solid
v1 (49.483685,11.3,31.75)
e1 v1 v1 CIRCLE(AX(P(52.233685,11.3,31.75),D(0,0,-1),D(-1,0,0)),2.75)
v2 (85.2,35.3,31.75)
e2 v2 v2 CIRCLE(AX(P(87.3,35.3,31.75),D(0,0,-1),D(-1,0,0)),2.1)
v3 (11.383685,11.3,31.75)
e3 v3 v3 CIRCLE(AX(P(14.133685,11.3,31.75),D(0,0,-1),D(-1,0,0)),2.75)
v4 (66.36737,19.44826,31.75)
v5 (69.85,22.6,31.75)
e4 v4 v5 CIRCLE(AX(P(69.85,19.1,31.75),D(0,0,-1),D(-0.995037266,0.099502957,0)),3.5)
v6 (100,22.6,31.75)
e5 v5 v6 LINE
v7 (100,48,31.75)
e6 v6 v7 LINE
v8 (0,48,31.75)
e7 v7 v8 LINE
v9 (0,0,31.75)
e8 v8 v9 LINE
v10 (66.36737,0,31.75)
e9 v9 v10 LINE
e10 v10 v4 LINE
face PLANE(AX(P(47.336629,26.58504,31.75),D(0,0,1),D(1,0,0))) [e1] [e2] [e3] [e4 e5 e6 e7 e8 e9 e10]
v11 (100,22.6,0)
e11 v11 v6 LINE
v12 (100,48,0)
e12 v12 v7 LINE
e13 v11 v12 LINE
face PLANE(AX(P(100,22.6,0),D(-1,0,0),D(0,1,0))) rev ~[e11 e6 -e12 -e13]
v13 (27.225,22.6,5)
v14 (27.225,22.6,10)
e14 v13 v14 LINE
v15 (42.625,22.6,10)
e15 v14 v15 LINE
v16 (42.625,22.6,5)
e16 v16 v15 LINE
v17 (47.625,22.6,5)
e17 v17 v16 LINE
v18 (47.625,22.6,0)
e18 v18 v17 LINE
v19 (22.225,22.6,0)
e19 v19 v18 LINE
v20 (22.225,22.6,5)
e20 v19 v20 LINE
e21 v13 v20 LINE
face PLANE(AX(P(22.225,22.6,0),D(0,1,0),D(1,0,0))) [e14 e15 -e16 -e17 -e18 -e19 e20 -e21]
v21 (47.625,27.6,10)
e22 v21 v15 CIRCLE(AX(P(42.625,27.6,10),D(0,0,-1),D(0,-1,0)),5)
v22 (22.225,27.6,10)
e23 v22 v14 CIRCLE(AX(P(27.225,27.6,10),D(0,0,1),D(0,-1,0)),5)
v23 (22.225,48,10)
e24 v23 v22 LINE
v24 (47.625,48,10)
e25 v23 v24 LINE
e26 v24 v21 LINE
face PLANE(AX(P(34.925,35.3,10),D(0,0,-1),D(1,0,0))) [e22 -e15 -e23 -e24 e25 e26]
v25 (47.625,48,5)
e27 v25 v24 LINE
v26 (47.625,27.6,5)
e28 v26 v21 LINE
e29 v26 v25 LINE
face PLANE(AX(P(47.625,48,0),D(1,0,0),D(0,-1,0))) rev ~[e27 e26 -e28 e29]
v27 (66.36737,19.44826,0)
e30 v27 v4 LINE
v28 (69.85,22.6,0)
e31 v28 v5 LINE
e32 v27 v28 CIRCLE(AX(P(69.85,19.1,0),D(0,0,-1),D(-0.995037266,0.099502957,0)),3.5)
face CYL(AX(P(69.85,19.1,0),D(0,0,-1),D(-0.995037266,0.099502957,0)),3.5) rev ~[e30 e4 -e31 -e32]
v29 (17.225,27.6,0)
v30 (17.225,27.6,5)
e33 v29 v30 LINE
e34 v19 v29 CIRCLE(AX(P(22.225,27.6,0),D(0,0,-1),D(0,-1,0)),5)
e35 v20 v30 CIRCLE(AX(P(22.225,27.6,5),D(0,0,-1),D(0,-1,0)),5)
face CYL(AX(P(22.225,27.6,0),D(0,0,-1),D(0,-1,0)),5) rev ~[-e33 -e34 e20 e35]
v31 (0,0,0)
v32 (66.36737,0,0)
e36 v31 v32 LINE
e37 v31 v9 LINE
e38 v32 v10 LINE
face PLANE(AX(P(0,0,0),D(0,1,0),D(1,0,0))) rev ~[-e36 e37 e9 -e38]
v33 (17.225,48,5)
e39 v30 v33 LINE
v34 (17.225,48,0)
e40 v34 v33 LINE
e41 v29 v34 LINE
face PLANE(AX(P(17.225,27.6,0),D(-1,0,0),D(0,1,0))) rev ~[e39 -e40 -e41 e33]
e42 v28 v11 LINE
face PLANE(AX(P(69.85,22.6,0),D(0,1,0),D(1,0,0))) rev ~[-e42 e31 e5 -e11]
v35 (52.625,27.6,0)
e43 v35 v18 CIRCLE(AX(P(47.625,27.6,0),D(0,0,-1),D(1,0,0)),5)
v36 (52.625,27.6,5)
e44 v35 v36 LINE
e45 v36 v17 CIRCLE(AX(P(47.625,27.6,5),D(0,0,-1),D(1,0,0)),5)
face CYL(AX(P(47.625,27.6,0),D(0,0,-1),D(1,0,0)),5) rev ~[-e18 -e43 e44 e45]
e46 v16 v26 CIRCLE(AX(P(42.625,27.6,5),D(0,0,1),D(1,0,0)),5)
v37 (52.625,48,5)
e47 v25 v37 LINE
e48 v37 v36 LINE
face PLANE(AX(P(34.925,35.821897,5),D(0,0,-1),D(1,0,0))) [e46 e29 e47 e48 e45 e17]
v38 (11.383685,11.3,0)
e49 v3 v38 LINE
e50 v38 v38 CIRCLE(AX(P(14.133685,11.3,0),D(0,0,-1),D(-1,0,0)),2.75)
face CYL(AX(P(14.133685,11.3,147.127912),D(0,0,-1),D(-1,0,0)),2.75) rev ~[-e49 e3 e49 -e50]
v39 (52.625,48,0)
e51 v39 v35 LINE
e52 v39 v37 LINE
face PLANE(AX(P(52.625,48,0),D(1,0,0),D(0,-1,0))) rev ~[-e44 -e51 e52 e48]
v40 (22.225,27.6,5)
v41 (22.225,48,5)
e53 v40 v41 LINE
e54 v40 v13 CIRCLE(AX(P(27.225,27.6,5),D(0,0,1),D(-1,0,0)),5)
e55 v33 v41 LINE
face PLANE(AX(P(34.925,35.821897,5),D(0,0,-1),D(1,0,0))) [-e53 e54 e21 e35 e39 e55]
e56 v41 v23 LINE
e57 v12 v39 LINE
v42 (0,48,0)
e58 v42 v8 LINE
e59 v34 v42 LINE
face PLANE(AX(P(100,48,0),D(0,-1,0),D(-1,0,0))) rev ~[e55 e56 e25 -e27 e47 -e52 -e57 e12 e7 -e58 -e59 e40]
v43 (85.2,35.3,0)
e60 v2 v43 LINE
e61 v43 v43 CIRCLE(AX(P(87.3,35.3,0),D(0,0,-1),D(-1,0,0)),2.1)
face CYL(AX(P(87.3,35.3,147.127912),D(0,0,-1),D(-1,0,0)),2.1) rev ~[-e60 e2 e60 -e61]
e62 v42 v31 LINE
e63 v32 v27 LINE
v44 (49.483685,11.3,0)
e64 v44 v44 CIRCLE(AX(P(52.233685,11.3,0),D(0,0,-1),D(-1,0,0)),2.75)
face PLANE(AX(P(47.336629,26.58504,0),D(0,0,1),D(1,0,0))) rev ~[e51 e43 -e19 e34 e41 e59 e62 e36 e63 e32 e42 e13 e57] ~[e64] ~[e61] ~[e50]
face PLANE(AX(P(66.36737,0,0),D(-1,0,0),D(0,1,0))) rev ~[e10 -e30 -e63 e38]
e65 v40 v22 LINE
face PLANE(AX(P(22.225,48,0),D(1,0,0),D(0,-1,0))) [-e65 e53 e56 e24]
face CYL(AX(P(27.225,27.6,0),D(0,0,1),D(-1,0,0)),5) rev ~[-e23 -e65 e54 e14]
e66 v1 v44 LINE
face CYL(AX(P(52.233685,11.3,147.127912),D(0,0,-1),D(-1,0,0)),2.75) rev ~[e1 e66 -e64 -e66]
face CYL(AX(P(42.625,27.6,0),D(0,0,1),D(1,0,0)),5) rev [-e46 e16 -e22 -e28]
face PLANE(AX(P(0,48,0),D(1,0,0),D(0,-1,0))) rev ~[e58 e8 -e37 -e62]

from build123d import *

# Parameters (mm, degrees)
F1_DEPTH  = 31.75
F2_W      = 25.4
F2_H      = 25.4
F3_DEPTH  = 10
F4_R      = 5
F6_D      = 5.5
F8_D      = 4.2
F11_DEPTH = 5


with BuildPart() as f1:
    # F0 (on Top) → F1 (new body)
    with BuildSketch(Plane.XY):
        with BuildLine():
            Line((0, 48), (0, 0))
            Line((0, 0), (66.3673695676, 0))
            Line((66.3673695676, 0), (66.3673695676, 19.4482603496))
            ThreePointArc((66.3673695676, 19.4482603496), (67.5014803837, 21.6950829682), (69.85, 22.6))
            Line((69.85, 22.6), (100, 22.6))
            Line((100, 22.6), (100, 48))
            Line((100, 48), (0, 48))
        make_face()
    extrude(amount=F1_DEPTH)

    # F2 (on face) → F3 (cut)
    with BuildSketch(Plane(origin=(0, 0, 0), x_dir=(1, 0, 0), z_dir=(0, 0, -1))):
        with Locations((34.925, -35.3)):
            Rectangle(F2_W, F2_H)
    extrude(amount=-F3_DEPTH, mode=Mode.SUBTRACT)

    # F4
    f4_edges = [f1.edges().sort_by_distance(p)[0] for p in [
        (22.225, 22.6, 5),
        (47.625, 22.6, 5),
    ]]
    fillet(f4_edges, radius=F4_R)

    # F6 (through all)
    with Locations(Plane.XY.offset(31.75)):
        with Locations((14.1336847838, 11.3), (52.2336847838, 11.3)):
            Hole(F6_D / 2)

    # F8 (through all)
    with Locations(Plane.XY.offset(31.75)):
        with Locations((87.3, 35.3)):
            Hole(F8_D / 2)

    # F10 (on face) → F11 (cut)
    with BuildSketch(Plane(origin=(0, 0, 0), x_dir=(1, 0, 0), z_dir=(0, 0, -1))):
        with BuildLine():
            Line((17.225, -27.6), (17.225, -48))
            Line((17.225, -48), (52.625, -48))
            Line((52.625, -48), (52.625, -27.6))
            ThreePointArc((52.625, -27.6), (51.1605339059, -24.0644660941), (47.625, -22.6))
            Line((47.625, -22.6), (22.225, -22.6))
            ThreePointArc((22.225, -22.6), (18.6894660941, -24.0644660941), (17.225, -27.6))
        make_face()
    extrude(amount=-F11_DEPTH, mode=Mode.SUBTRACT)


solid = f1.part
